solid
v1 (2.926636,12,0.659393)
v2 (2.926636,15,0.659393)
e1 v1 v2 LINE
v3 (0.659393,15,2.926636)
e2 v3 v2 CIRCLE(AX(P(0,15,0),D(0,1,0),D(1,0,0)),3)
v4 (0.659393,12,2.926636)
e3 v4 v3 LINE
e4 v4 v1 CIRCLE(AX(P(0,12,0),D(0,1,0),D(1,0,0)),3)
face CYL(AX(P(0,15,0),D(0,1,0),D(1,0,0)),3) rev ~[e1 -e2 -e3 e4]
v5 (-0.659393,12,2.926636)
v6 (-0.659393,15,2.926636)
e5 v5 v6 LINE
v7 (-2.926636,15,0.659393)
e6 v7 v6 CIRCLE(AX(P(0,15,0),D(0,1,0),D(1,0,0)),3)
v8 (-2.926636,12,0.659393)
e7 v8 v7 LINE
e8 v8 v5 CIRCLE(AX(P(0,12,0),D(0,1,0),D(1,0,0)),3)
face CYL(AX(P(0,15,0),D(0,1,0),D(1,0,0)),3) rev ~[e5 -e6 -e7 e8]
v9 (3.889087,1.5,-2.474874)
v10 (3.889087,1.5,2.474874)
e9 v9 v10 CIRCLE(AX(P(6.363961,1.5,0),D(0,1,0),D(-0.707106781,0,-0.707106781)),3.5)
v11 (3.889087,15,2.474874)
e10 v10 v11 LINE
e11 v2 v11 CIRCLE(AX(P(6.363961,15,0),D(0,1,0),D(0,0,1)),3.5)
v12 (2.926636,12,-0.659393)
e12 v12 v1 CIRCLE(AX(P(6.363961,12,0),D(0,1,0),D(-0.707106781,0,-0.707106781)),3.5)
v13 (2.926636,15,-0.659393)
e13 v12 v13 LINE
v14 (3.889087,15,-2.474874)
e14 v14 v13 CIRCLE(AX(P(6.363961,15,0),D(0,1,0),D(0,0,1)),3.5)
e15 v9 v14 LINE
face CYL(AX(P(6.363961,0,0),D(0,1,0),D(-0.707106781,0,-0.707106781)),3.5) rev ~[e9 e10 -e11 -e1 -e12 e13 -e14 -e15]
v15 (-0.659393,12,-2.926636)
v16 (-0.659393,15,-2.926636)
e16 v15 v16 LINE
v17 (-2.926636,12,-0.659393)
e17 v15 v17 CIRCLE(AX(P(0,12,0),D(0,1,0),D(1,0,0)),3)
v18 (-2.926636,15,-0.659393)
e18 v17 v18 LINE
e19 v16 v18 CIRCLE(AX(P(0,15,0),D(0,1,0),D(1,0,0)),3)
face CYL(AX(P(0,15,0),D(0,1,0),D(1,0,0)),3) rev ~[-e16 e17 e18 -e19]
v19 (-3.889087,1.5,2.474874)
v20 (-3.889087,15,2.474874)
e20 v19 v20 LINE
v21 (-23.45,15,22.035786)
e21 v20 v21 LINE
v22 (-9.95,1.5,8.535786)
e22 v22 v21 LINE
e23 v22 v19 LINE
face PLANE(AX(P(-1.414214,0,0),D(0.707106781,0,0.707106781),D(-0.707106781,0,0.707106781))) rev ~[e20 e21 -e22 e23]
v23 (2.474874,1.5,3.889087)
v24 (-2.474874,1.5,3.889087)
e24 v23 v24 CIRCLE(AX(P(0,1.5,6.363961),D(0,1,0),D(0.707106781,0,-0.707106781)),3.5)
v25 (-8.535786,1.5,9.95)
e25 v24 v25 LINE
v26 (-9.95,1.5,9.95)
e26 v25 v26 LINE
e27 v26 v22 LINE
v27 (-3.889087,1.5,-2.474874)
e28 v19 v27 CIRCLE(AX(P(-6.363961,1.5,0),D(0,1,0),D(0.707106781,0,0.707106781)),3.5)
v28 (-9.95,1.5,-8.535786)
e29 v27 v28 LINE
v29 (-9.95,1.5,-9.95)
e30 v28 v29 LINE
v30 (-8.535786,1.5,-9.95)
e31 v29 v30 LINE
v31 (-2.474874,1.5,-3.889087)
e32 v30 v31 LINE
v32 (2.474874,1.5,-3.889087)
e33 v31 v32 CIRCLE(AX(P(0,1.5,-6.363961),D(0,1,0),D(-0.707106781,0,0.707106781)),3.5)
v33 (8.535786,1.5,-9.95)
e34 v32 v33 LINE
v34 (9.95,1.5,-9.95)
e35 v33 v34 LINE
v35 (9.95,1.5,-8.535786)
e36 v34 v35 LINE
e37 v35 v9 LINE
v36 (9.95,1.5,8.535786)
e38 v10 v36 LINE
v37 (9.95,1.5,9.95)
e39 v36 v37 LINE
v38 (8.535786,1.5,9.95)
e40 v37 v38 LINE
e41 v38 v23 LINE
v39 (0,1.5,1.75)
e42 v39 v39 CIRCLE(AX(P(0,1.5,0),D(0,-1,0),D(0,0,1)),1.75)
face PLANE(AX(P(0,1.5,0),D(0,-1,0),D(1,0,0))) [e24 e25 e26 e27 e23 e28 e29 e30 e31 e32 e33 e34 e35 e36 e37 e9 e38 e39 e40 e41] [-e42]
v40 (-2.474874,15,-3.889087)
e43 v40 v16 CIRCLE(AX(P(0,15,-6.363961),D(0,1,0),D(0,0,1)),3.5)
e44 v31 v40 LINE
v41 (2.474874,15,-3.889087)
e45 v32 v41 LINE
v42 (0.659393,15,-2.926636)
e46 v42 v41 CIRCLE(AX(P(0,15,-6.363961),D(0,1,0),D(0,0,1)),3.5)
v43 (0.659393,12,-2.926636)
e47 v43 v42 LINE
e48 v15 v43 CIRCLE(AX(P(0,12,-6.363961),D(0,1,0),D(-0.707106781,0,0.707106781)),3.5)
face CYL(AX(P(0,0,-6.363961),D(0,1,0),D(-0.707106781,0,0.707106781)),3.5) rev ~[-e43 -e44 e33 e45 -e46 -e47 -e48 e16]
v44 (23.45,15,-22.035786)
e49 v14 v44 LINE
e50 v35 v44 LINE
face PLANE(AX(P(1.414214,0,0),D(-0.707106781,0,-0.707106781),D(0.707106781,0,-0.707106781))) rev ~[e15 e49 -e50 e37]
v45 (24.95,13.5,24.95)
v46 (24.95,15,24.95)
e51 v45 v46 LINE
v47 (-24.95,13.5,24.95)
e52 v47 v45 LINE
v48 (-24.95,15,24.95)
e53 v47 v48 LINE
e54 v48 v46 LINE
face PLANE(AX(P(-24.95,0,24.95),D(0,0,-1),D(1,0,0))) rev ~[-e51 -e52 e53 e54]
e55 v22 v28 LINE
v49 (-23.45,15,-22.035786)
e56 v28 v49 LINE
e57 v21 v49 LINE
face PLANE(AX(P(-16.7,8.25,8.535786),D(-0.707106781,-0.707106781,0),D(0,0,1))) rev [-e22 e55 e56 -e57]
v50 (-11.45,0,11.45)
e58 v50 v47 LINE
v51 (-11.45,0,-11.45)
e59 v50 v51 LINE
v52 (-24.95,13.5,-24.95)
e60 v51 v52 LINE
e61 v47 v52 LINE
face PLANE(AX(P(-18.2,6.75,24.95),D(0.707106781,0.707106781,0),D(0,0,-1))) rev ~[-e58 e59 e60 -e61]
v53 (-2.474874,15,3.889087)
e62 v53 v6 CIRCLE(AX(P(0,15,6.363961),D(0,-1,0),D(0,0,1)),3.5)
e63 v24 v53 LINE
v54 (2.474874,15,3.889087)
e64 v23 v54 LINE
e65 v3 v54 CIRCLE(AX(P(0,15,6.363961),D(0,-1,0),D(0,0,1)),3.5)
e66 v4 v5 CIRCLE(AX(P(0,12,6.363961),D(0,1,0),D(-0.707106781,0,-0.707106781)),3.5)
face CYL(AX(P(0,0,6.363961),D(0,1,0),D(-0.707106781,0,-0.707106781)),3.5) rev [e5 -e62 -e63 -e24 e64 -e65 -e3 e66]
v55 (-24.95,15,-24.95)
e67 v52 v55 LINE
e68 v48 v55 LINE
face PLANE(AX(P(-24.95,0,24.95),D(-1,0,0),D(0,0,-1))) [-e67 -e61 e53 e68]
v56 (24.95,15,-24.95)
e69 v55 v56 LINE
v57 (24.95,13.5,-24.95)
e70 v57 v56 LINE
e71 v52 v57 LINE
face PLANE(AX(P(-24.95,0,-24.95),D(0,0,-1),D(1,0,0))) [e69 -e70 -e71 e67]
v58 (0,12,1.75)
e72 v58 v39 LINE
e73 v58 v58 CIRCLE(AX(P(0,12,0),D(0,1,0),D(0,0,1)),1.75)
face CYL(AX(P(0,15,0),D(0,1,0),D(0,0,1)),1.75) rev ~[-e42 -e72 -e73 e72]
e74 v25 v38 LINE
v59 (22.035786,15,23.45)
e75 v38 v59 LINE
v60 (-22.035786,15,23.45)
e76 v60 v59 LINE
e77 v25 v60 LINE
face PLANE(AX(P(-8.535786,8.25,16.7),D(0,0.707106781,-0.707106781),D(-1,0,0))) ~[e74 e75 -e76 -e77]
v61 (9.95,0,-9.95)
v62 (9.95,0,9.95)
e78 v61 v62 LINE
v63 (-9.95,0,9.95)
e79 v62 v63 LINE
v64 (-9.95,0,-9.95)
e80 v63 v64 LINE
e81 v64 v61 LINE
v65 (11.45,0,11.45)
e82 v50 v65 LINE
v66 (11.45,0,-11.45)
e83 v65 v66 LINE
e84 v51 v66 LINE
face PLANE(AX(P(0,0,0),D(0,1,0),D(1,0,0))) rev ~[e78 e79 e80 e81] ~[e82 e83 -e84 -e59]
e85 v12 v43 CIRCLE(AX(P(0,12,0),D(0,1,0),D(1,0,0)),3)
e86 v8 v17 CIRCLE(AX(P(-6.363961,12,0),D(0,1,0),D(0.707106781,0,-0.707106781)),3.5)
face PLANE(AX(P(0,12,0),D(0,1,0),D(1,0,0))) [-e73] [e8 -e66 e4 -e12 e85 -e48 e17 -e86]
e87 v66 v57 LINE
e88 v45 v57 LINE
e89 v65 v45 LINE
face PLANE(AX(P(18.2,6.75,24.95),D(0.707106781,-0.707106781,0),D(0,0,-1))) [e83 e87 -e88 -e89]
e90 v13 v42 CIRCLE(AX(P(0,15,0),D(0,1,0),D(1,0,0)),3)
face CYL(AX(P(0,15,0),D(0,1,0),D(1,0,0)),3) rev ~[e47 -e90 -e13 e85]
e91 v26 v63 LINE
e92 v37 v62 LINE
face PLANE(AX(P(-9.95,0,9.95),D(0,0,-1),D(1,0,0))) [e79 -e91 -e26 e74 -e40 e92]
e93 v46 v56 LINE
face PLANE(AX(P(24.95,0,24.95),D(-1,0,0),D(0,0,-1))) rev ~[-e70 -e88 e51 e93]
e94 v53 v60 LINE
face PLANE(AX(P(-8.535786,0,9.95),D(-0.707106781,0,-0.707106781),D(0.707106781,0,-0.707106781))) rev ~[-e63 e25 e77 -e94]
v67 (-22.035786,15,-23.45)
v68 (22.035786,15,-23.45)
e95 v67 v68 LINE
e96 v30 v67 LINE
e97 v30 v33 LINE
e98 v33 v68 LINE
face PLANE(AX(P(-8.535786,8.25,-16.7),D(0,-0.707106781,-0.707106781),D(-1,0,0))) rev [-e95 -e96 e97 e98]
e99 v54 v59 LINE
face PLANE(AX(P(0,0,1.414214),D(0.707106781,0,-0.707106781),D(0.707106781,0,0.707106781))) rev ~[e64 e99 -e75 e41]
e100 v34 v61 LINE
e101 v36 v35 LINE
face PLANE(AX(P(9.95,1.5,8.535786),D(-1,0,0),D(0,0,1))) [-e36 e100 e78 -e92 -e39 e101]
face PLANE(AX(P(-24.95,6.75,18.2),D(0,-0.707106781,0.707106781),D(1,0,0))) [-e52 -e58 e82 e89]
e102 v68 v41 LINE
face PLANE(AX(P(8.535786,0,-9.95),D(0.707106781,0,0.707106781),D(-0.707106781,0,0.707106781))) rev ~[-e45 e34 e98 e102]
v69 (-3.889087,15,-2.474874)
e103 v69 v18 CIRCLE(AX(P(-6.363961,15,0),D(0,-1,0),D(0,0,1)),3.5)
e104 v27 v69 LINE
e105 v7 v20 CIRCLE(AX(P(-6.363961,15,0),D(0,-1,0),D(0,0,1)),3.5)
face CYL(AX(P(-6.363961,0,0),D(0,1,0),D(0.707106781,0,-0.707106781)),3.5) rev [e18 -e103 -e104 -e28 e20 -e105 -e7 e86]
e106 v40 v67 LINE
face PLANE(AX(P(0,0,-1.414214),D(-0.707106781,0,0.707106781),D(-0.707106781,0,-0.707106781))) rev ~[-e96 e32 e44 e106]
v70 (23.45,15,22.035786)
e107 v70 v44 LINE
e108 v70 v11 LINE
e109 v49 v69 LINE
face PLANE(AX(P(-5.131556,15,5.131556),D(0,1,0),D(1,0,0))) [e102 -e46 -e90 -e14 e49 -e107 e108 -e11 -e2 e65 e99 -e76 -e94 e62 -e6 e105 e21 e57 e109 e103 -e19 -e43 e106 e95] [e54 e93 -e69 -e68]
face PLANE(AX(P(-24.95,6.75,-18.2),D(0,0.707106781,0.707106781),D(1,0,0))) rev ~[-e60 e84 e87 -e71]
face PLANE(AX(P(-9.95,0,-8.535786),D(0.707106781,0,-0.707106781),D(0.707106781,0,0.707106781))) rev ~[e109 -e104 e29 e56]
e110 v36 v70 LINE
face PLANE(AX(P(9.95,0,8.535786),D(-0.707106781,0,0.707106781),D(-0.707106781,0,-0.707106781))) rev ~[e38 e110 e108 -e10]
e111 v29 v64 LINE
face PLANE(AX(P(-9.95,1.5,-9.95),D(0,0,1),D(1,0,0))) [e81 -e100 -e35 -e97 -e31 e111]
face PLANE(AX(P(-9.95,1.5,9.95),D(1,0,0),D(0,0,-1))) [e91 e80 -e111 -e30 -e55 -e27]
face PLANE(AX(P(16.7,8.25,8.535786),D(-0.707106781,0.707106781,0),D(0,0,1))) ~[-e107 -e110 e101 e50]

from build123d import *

# Parameters (mm, degrees)
SKETCH1_W           = 49.9
SKETCH1_H           = 49.9
BOSS_EXTRUDE1_DEPTH = 15
CHAMFER1_SIZE       = 13.5
CHAMFER2_SIZE       = 13.5
FILLET1_R           = 3.5
SKETCH2_R           = 3
SKETCH2_R_2         = 1.75
CUT_EXTRUDE1_DEPTH  = 3
SKETCH2_2_R         = 1.75
CUT_EXTRUDE2_DEPTH  = 39.34064423
CUT_EXTRUDE3_START  = -1.5
SKETCH3_R           = 1.75
CUT_EXTRUDE3_DEPTH  = 1.5


with BuildPart() as part:
    # Sketch1 → Boss-Extrude1 (new body)
    with BuildSketch(Plane(origin=(0, 0, 0), x_dir=(1, 0, 0), z_dir=(0, 1, 0))):
        Rectangle(SKETCH1_W, SKETCH1_H)
        Polygon((8.535786438, -9.95), (-8.535786438, -9.95), (0, -1.414213562), align=None, mode=Mode.SUBTRACT)
        Polygon((9.95, 8.535786438), (9.95, -8.535786438), (1.414213562, 0), align=None, mode=Mode.SUBTRACT)
        Polygon((-8.535786438, 9.95), (8.535786438, 9.95), (0, 1.414213562), align=None, mode=Mode.SUBTRACT)
        Polygon((-9.95, -8.535786438), (-9.95, 8.535786438), (-1.414213562, 0), align=None, mode=Mode.SUBTRACT)
    extrude(amount=BOSS_EXTRUDE1_DEPTH)

    # Chamfer1
    chamfer1_edges = [part.edges().sort_by_distance(p)[0] for p in [
        (-24.95, 0, 0),
        (0, 0, 24.95),
        (24.95, 0, 0),
        (0, 0, -24.95),
    ]]
    chamfer(chamfer1_edges, length=CHAMFER1_SIZE)

    # Chamfer2
    chamfer2_edges = [part.edges().sort_by_distance(p)[0] for p in [
        (0, 15, -9.95),
        (-9.95, 15, 0),
        (0, 15, 9.95),
        (9.95, 15, 0),
    ]]
    chamfer(chamfer2_edges, length=CHAMFER2_SIZE)

    # Fillet1
    fillet1_edges = [part.edges().sort_by_distance(p)[0] for p in [
        (0, 7.5, 1.414213562),
        (1.414213562, 7.5, 0),
        (0, 7.5, -1.414213562),
        (-1.414213562, 7.5, 0),
    ]]
    fillet(fillet1_edges, radius=FILLET1_R)

    # Sketch2 → Cut-Extrude1 (cut)
    with BuildSketch(Plane(origin=(0, 15, 0), x_dir=(1, 0, 0), z_dir=(0, 1, 0))):
        Circle(SKETCH2_R)
        Circle(SKETCH2_R_2, mode=Mode.SUBTRACT)
    extrude(amount=-CUT_EXTRUDE1_DEPTH, mode=Mode.SUBTRACT)

    # Sketch2<2> → Cut-Extrude2 (cut, through all)
    with BuildSketch(Plane(origin=(0, 15, 0), x_dir=(1, 0, 0), z_dir=(0, 1, 0))):
        Circle(SKETCH2_2_R)
    extrude(amount=-CUT_EXTRUDE2_DEPTH, mode=Mode.SUBTRACT)

    # Sketch3 → Cut-Extrude3 (cut)
    with BuildSketch(Plane.XZ.offset(CUT_EXTRUDE3_START)):
        with BuildLine():
            Line((-8.535786438, 9.95), (-9.95, 9.95))
            Line((-9.95, 9.95), (-9.95, 8.535786438))
            Line((-9.95, 8.535786438), (-3.889087297, 2.474873734))
            ThreePointArc((-3.889087297, 2.474873734), (-2.863961031, 0), (-3.889087297, -2.474873734))
            Line((-3.889087297, -2.474873734), (-9.95, -8.535786438))
            Line((-9.95, -8.535786438), (-9.95, -9.95))
            Line((-9.95, -9.95), (-8.535786438, -9.95))
            Line((-8.535786438, -9.95), (-2.474873734, -3.889087297))
            ThreePointArc((-2.474873734, -3.889087297), (0, -2.863961031), (2.474873734, -3.889087297))
            Line((2.474873734, -3.889087297), (8.535786438, -9.95))
            Line((8.535786438, -9.95), (9.95, -9.95))
            Line((9.95, -9.95), (9.95, -8.535786438))
            Line((9.95, -8.535786438), (3.889087297, -2.474873734))
            ThreePointArc((3.889087297, -2.474873734), (2.863961031, 0), (3.889087297, 2.474873734))
            Line((3.889087297, 2.474873734), (9.95, 8.535786438))
            Line((9.95, 8.535786438), (9.95, 9.95))
            Line((9.95, 9.95), (8.535786438, 9.95))
            Line((8.535786438, 9.95), (2.474873734, 3.889087297))
            ThreePointArc((2.474873734, 3.889087297), (0, 2.863961031), (-2.474873734, 3.889087297))
            Line((-2.474873734, 3.889087297), (-8.535786438, 9.95))
        make_face()
        Circle(SKETCH3_R, mode=Mode.SUBTRACT)
    extrude(amount=CUT_EXTRUDE3_DEPTH, mode=Mode.SUBTRACT)


solid = part.part
